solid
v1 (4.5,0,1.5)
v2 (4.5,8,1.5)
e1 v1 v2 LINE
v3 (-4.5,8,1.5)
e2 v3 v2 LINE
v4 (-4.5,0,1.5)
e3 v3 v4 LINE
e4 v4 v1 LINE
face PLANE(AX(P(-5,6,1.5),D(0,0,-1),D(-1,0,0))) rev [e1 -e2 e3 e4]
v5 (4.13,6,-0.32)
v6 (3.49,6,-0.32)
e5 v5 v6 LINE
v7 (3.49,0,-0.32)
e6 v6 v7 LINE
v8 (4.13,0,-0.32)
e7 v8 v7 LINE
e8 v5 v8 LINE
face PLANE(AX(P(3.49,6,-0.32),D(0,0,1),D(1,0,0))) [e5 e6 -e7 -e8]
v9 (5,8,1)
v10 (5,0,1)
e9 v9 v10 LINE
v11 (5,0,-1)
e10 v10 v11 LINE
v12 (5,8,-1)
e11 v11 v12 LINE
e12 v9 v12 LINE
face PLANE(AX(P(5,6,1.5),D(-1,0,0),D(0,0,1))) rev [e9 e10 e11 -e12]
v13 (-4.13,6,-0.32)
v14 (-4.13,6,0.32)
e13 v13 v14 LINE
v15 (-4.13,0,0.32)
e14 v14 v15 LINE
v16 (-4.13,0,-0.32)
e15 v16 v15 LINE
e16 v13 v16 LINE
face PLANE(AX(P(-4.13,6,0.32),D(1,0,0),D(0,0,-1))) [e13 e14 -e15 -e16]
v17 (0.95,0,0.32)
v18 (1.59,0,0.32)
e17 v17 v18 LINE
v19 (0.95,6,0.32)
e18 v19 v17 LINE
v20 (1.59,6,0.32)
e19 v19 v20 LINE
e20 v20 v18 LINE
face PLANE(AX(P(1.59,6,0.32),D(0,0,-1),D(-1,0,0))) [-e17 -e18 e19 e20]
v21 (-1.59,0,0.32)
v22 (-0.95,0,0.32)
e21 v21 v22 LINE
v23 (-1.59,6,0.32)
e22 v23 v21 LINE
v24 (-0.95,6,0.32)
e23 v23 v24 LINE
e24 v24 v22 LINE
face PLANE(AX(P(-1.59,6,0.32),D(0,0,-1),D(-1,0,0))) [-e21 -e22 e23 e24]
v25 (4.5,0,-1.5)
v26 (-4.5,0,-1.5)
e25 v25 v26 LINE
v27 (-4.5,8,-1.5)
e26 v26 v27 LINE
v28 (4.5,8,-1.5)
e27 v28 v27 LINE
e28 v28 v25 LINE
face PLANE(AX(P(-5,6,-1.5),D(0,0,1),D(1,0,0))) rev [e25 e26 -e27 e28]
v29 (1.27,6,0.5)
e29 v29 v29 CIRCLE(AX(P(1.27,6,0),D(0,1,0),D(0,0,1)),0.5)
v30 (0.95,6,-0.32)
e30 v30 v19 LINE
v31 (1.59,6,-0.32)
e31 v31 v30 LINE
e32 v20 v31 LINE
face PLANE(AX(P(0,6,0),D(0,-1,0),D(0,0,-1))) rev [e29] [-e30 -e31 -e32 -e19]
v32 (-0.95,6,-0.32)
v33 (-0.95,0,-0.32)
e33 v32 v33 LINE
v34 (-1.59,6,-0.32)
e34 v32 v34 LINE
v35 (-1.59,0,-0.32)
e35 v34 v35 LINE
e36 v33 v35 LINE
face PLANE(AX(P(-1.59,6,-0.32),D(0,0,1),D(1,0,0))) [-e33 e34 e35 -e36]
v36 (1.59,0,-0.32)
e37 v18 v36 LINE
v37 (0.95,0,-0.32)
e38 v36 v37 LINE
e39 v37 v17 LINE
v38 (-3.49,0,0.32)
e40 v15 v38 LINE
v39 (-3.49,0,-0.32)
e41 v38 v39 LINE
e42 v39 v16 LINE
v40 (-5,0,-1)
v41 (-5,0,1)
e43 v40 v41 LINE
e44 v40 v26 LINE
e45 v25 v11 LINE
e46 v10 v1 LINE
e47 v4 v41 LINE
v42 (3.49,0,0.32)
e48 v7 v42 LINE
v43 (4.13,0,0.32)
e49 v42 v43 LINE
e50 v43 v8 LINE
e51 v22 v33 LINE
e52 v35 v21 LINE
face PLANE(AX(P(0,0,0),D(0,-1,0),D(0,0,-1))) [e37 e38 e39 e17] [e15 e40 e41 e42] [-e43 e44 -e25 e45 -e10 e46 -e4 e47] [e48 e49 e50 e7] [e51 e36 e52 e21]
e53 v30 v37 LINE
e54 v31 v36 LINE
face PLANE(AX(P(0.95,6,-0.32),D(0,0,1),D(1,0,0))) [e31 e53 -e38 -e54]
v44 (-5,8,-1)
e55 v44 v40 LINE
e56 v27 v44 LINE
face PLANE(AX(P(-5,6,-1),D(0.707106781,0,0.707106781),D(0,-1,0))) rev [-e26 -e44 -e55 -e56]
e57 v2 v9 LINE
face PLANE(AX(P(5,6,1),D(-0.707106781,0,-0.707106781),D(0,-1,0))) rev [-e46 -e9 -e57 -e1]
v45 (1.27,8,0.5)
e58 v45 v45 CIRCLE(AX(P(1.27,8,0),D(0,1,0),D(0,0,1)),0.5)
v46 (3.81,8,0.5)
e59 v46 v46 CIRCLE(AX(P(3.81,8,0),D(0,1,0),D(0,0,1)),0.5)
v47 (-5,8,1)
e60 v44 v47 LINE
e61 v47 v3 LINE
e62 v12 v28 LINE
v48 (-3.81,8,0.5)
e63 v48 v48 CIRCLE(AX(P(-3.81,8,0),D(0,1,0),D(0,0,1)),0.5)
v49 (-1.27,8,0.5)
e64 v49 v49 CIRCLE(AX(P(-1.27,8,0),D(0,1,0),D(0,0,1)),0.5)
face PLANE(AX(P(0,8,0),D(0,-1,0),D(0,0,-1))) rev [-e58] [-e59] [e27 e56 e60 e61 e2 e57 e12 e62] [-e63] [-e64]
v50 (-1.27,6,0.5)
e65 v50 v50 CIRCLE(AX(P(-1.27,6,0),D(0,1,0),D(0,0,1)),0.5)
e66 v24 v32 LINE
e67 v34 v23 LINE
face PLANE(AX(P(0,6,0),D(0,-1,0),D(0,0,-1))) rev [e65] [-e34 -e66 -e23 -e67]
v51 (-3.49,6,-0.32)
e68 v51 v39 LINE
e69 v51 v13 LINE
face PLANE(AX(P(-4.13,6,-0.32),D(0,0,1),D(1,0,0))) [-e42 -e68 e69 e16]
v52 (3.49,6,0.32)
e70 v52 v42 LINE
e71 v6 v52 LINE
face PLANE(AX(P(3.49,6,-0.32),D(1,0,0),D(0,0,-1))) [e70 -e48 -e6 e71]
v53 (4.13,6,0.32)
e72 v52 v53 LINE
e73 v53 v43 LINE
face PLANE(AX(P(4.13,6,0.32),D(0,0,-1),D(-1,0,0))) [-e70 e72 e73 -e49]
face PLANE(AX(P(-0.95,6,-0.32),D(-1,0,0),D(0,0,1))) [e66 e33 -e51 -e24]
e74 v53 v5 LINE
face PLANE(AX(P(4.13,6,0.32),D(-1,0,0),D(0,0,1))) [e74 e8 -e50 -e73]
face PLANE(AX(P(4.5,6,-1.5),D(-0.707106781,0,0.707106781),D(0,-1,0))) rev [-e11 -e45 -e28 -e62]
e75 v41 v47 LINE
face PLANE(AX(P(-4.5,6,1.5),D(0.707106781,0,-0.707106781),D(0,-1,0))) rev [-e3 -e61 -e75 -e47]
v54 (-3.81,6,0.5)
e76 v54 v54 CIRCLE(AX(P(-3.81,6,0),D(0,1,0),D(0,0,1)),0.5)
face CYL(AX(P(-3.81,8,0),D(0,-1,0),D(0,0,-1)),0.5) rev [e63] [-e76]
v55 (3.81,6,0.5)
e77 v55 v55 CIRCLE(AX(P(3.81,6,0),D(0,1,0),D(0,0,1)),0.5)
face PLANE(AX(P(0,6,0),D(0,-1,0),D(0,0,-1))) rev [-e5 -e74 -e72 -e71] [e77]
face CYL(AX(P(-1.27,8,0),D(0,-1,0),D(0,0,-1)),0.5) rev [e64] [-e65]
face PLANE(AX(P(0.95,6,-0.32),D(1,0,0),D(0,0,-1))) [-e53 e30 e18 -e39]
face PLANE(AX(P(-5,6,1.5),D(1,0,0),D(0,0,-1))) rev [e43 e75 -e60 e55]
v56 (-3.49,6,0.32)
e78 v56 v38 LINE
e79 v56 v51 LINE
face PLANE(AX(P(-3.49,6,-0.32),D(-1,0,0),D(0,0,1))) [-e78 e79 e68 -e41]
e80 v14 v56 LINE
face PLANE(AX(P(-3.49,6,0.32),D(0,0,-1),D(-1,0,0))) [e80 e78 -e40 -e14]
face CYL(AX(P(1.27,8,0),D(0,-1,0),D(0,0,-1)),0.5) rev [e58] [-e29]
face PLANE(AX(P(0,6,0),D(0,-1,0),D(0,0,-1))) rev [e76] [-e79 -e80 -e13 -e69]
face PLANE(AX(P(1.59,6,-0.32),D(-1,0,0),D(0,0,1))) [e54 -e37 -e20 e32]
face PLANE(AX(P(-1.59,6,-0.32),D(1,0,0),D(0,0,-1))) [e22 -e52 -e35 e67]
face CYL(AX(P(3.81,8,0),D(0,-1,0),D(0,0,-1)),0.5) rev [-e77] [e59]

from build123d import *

# Parameters (mm, degrees)
SKETCH_1_W      = 10
SKETCH_1_H      = 3
SKETCH_1_W_2    = 0.64
SKETCH_1_H_2    = 0.64
EXTRUDE_1_DEPTH = 6
SKETCH_2_W      = 10
SKETCH_2_H      = 3
SKETCH_2_R      = 0.5
EXTRUDE_2_DEPTH = 2
CHAMFER_1_SIZE  = 0.5


with BuildPart() as part:
    # Эскиз1 → Бобышка-Вытянуть1 (new body)
    with BuildSketch(Plane(origin=(0, 0, 0), x_dir=(1, 0, 0), z_dir=(0, 1, 0))):
        Rectangle(SKETCH_1_W, SKETCH_1_H)
        with Locations((-3.81, 0)):
            Rectangle(SKETCH_1_W_2, SKETCH_1_H_2, mode=Mode.SUBTRACT)
        with Locations((3.81, 0)):
            Rectangle(SKETCH_1_W_2, SKETCH_1_H_2, mode=Mode.SUBTRACT)
        with Locations((-1.27, 0)):
            Rectangle(SKETCH_1_W_2, SKETCH_1_H_2, mode=Mode.SUBTRACT)
        with Locations((1.27, 0)):
            Rectangle(SKETCH_1_W_2, SKETCH_1_H_2, mode=Mode.SUBTRACT)
    extrude(amount=EXTRUDE_1_DEPTH)

    # Эскиз2 → Бобышка-Вытянуть2 (add)
    with BuildSketch(Plane(origin=(0, 6, 0), x_dir=(1, 0, 0), z_dir=(0, 1, 0))):
        Rectangle(SKETCH_2_W, SKETCH_2_H)
        with Locations((-3.81, 0)):
            Circle(SKETCH_2_R, mode=Mode.SUBTRACT)
        with Locations((-1.27, 0)):
            Circle(SKETCH_2_R, mode=Mode.SUBTRACT)
        with Locations((1.27, 0)):
            Circle(SKETCH_2_R, mode=Mode.SUBTRACT)
        with Locations((3.81, 0)):
            Circle(SKETCH_2_R, mode=Mode.SUBTRACT)
    extrude(amount=EXTRUDE_2_DEPTH)

    # Фаска1
    chamfer_1_edges = [part.edges().sort_by_distance(p)[0] for p in [
        (5, 4, 1.5),
        (-5, 4, 1.5),
        (-5, 4, -1.5),
        (5, 4, -1.5),
    ]]
    chamfer(chamfer_1_edges, length=CHAMFER_1_SIZE)


solid = part.part
